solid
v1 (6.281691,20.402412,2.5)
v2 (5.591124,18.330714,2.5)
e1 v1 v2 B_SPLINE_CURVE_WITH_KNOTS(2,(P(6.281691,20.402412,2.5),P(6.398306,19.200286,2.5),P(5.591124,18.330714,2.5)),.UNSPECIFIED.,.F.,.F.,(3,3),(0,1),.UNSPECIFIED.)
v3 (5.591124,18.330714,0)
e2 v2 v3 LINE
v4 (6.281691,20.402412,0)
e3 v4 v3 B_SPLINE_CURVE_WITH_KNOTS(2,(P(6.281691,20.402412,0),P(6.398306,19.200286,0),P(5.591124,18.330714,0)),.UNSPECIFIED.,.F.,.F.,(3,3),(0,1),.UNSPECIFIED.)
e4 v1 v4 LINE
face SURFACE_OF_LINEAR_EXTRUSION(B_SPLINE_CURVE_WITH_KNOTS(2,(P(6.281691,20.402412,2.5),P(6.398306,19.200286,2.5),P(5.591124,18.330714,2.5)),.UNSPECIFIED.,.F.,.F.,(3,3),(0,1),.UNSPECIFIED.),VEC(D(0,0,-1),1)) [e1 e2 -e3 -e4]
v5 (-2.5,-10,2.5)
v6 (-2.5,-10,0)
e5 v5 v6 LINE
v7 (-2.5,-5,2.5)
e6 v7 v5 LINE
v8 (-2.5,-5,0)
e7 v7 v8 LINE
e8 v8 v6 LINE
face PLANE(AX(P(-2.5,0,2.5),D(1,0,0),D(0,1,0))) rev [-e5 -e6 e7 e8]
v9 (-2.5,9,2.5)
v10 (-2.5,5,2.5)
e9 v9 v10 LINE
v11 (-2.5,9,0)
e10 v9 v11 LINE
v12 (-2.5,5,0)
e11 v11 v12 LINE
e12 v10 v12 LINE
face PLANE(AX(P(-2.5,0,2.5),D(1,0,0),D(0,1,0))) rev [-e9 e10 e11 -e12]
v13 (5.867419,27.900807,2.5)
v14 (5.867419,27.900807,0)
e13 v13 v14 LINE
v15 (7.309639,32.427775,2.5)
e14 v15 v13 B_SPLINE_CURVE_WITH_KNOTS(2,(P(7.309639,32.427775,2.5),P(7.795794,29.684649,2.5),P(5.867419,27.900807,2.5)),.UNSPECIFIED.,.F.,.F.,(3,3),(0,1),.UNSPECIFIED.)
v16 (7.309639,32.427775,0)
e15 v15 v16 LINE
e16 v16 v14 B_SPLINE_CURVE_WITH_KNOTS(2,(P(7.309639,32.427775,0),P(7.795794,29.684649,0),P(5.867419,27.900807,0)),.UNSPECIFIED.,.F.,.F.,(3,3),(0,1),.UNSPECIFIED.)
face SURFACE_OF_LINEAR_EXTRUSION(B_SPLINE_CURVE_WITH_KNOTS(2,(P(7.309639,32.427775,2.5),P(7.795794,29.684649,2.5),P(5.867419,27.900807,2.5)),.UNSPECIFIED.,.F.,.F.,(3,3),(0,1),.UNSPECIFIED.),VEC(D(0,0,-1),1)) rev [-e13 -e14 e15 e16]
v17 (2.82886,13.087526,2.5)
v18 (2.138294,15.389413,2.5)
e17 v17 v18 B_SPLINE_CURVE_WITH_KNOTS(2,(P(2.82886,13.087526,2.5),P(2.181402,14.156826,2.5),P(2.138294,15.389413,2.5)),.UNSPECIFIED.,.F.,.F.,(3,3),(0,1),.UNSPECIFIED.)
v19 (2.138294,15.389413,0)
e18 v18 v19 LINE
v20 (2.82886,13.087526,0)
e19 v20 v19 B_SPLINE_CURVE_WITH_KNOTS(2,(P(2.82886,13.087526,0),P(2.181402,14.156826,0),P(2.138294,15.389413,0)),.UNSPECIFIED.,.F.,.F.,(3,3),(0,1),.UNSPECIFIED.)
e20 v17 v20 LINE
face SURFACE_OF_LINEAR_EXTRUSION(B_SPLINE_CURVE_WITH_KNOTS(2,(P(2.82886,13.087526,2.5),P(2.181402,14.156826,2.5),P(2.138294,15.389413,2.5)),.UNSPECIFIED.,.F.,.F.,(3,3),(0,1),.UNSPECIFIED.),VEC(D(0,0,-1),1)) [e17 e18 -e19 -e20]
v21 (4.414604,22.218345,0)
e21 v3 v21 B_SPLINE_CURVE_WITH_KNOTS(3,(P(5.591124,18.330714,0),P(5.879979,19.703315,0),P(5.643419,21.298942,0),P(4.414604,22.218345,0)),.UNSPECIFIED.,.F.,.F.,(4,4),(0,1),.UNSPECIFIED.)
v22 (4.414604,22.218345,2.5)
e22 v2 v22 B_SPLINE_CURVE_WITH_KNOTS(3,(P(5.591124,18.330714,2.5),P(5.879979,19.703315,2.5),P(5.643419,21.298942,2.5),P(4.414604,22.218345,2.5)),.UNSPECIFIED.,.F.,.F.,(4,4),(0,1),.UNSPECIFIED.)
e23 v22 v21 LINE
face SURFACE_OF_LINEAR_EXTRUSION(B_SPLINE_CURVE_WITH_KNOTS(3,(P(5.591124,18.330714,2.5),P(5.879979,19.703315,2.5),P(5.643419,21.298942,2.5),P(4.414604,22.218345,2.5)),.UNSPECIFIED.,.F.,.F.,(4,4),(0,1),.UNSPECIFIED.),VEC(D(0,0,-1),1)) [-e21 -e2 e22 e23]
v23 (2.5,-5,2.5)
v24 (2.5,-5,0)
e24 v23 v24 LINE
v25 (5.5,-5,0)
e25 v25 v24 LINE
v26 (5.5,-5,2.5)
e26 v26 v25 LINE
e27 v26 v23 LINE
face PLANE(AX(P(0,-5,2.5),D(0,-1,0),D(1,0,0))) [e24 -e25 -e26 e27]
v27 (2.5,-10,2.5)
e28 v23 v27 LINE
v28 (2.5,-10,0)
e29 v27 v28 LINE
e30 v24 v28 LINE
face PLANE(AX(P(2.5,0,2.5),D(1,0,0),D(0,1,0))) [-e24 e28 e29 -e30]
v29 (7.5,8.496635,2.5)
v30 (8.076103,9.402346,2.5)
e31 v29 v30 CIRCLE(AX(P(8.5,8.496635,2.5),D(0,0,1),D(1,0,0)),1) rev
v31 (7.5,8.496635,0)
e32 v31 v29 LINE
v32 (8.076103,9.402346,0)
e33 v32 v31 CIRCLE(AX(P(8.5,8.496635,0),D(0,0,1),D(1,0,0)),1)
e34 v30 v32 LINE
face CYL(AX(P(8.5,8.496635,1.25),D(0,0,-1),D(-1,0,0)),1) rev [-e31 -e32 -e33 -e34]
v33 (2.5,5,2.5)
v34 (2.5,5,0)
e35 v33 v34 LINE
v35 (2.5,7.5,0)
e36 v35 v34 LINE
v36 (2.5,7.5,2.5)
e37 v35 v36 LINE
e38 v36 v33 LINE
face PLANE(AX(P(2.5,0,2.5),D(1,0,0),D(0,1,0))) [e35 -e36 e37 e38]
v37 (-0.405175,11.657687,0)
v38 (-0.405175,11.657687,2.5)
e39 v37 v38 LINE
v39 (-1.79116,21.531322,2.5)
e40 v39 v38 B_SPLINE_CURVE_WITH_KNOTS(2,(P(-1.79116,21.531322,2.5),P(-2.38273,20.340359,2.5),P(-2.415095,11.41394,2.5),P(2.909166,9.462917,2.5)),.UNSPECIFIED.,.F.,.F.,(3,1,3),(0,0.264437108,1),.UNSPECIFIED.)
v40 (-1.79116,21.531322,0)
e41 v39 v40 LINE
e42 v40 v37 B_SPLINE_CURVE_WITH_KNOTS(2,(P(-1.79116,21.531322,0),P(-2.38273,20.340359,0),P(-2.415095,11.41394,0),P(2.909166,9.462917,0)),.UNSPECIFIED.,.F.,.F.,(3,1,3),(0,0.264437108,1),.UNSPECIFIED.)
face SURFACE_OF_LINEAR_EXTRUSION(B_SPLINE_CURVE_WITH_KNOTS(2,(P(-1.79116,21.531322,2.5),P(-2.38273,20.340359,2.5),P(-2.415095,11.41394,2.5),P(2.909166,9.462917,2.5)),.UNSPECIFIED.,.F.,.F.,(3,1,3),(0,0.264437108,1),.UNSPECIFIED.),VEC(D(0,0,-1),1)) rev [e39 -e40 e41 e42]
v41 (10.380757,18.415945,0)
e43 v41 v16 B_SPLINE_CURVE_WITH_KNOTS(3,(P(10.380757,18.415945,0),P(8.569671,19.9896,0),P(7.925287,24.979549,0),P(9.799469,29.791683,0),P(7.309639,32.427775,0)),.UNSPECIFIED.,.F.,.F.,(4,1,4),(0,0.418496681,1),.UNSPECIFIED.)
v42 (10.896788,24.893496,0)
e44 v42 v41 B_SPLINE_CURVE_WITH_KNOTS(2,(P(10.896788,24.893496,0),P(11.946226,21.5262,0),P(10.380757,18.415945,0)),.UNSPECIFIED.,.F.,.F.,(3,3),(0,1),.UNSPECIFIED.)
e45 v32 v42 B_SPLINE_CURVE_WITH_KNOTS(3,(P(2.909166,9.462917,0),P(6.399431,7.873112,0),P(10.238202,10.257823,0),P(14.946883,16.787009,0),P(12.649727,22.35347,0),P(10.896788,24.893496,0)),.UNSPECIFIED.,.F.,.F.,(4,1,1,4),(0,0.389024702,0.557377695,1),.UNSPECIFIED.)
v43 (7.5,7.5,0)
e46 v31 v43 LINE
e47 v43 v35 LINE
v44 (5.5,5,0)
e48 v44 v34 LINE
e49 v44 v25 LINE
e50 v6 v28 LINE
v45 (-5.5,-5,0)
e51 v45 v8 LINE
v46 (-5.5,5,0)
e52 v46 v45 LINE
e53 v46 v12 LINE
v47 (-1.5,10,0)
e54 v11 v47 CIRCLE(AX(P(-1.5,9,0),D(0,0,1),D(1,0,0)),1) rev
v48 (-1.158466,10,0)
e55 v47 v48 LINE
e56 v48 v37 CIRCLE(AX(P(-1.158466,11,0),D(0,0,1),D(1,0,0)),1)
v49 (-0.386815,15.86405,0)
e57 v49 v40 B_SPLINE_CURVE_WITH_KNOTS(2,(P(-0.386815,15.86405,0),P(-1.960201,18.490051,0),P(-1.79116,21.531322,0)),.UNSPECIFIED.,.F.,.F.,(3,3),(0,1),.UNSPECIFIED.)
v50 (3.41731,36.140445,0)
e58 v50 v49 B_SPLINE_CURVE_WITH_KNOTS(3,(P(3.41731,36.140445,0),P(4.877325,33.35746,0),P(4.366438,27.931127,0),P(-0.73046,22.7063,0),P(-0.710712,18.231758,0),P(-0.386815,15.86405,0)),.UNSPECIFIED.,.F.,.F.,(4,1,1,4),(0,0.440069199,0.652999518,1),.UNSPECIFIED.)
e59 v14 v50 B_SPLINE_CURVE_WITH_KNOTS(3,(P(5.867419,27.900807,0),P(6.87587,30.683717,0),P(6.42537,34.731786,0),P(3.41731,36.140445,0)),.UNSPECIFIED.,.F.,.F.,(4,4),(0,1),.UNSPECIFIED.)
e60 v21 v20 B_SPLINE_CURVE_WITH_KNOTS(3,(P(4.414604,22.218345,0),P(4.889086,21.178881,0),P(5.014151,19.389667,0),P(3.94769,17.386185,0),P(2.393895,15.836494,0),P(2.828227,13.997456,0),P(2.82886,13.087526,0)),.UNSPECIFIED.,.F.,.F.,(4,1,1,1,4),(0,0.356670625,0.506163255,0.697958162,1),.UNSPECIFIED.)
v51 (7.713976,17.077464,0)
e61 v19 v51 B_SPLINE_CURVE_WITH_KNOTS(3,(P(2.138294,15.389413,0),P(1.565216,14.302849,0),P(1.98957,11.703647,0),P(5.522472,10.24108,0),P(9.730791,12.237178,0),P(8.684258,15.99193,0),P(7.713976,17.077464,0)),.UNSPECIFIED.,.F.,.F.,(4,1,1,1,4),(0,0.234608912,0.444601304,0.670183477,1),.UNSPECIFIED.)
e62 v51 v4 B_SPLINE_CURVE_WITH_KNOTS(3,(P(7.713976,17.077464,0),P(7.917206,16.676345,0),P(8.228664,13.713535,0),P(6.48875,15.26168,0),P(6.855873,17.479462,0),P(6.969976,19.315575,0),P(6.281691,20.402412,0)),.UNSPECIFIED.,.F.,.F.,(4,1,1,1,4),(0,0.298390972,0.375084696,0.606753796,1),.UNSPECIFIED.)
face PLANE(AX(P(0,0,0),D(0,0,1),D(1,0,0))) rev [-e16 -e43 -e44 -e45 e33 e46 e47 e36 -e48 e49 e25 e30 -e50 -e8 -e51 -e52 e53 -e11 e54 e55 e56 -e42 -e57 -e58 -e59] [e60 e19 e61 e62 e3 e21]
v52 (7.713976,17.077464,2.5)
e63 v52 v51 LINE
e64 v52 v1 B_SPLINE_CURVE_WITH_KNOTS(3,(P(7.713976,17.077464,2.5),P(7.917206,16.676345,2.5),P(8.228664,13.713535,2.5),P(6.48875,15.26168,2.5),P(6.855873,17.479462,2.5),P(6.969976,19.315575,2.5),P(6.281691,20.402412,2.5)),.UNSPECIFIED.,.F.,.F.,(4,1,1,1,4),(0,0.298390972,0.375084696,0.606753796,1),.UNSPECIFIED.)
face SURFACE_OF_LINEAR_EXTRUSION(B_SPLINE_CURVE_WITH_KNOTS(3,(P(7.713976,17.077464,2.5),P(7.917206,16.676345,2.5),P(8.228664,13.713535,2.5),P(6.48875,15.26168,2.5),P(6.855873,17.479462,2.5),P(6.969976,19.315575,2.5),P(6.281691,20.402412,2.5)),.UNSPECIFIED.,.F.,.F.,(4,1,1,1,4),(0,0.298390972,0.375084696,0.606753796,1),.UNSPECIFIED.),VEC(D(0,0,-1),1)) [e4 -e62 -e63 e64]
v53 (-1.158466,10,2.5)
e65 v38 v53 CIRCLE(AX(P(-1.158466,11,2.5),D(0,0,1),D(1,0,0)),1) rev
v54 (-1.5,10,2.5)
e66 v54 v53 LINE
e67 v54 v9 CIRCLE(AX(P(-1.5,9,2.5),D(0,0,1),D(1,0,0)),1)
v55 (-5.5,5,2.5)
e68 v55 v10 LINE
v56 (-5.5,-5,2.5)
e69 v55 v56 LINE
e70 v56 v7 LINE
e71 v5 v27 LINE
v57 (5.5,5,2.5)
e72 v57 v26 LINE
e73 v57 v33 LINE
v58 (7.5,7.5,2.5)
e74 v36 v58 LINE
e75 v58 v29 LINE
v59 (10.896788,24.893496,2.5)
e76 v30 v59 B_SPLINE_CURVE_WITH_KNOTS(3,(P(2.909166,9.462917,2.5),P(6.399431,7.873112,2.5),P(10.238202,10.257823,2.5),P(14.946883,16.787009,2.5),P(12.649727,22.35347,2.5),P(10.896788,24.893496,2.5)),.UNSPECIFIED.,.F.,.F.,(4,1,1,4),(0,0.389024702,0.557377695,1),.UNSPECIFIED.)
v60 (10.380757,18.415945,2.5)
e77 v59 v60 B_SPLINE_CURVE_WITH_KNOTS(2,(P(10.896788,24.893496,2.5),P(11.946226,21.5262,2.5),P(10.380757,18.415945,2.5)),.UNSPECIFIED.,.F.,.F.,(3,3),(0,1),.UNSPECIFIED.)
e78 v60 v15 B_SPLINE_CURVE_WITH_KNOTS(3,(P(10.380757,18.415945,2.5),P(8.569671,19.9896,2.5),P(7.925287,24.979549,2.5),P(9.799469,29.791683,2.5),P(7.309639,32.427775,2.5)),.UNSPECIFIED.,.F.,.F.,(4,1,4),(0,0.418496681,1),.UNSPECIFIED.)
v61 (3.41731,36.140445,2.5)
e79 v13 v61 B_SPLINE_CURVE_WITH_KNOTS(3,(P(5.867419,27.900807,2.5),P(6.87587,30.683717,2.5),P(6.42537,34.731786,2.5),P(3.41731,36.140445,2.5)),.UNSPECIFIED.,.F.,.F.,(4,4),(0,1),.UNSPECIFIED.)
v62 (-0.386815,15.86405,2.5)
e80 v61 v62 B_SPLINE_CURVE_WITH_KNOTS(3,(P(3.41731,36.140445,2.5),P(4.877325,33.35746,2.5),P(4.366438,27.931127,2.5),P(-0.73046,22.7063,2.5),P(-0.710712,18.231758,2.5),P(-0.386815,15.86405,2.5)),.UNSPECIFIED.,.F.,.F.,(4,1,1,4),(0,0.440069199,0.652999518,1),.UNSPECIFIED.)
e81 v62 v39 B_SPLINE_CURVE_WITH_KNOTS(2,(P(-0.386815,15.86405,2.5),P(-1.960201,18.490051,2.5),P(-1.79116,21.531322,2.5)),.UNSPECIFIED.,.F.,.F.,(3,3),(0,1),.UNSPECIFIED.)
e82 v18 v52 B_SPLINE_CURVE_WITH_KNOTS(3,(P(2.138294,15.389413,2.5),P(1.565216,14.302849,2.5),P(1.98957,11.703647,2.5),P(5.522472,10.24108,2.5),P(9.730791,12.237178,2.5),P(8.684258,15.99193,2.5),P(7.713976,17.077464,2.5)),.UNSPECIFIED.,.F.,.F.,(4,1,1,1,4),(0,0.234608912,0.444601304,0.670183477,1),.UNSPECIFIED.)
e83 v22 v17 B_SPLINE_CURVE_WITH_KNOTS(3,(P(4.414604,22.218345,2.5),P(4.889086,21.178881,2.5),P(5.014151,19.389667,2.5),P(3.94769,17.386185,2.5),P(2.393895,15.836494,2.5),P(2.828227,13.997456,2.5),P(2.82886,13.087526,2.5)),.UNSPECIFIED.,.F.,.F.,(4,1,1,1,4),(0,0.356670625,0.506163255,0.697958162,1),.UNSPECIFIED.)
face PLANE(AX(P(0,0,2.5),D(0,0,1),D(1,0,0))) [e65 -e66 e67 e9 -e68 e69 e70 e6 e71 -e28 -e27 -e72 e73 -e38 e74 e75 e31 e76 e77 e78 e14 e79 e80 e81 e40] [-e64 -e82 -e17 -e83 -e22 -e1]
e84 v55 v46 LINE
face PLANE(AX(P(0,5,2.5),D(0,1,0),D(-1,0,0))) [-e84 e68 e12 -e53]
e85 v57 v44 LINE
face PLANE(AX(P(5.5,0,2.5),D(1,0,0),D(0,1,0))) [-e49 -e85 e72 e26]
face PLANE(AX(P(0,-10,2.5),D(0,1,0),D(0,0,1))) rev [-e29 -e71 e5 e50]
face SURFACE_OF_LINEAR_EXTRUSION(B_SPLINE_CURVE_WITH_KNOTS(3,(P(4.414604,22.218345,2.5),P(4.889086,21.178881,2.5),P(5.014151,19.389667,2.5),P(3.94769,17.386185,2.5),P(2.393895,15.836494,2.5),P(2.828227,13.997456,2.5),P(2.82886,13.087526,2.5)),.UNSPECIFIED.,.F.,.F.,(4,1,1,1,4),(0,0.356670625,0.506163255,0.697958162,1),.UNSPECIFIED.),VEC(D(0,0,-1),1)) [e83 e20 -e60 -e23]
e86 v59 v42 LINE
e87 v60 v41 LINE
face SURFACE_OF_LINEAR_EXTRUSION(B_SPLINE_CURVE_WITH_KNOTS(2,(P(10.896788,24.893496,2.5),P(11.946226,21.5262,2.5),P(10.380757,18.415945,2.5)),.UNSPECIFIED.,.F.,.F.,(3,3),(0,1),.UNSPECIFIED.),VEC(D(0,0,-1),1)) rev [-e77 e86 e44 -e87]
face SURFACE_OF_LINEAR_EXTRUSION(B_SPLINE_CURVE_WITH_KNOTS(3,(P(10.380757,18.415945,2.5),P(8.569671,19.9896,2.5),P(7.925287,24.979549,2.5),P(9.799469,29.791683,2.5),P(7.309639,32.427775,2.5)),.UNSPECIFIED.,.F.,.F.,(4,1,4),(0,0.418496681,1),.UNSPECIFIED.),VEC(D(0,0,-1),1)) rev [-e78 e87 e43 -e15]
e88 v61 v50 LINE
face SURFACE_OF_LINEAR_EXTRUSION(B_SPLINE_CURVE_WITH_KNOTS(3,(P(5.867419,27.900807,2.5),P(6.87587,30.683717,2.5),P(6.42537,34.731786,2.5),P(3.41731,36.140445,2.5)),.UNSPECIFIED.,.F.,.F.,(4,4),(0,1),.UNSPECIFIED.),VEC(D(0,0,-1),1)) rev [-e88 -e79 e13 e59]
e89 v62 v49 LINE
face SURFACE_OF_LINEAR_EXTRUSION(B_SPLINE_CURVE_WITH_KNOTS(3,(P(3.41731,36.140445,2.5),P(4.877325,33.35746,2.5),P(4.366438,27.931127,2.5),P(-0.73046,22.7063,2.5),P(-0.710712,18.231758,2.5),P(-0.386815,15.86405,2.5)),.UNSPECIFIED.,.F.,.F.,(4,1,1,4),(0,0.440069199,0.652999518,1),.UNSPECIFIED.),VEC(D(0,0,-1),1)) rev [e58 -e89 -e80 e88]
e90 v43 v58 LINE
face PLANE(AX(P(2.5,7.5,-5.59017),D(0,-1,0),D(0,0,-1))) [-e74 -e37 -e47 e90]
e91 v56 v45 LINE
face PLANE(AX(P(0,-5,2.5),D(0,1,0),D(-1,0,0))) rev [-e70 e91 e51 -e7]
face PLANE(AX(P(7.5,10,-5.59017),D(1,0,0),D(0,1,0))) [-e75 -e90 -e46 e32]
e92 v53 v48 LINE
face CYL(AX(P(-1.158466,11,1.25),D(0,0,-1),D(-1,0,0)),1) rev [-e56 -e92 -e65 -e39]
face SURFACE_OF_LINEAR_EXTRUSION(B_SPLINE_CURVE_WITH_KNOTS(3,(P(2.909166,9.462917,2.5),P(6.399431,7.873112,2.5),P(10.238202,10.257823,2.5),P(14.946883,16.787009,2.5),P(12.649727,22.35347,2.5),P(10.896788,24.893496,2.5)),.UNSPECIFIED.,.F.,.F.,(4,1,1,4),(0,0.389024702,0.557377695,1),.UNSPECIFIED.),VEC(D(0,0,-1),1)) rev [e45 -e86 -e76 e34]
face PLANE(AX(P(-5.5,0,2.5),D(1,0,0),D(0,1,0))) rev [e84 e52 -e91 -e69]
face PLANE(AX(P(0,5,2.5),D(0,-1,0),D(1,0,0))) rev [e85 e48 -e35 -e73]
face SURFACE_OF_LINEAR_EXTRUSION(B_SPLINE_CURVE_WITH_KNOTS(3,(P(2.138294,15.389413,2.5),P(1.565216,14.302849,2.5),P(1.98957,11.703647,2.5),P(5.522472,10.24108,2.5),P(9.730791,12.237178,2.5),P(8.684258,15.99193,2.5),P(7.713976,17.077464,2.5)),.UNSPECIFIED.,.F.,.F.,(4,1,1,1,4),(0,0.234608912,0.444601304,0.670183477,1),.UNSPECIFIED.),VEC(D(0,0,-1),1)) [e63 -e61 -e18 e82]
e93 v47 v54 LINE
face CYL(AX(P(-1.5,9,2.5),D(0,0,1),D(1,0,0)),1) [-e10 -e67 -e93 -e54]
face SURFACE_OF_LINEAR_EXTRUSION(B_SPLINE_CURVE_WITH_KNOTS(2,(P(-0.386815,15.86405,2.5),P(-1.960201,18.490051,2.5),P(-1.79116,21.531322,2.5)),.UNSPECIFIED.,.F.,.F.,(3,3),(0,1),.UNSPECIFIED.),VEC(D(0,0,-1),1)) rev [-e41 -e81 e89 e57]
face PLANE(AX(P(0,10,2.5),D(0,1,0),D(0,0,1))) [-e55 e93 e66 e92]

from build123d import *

# Parameters (mm, degrees)
SKETCH_1_W      = 3
SKETCH_1_H      = 10
SKETCH_1_W_2    = 5
SKETCH_1_H_2    = 20
EXTRUDE_1_DEPTH = 2.5
SKETCH_2_W      = 5
SKETCH_2_H      = 2.5
EXTRUDE_3_DEPTH = 2.5
EXTRUDE_4_DEPTH = 2.5
FILLET_1_R      = 1


with BuildPart() as part:
    # 草图1 → 凸台-拉伸1 (new body)
    with BuildSketch(Plane.XY):
        with Locations((-4, 0)):
            Rectangle(SKETCH_1_W, SKETCH_1_H)
        Rectangle(SKETCH_1_W_2, SKETCH_1_H_2)
        with Locations((4, 0)):
            Rectangle(SKETCH_1_W, SKETCH_1_H)
    extrude(amount=EXTRUDE_1_DEPTH)

    # 草图2 → 凸台-拉伸3 (add)
    with BuildSketch(Plane.XY.offset(2.5)):
        with Locations((5, 8.75)):
            Rectangle(SKETCH_2_W, SKETCH_2_H)
    extrude(amount=-EXTRUDE_3_DEPTH)

    # 草图3 → 凸台-拉伸4 (add)
    with BuildSketch(Plane.XY):
        with BuildLine():
            add(Edge.make_bspline(
                [(2.909166473, 9.462916852), (-2.415095275, 11.413939745), (-2.382729554, 20.340359213), (-1.791159912, 21.531322434)],
                knots=[0, 0, 0, 0.735562892, 1, 1, 1], degree=2))
            add(Edge.make_bspline(
                [(-1.791159912, 21.531322434), (-1.960201232, 18.490050647), (-0.386815041, 15.86404983)],
                knots=[0, 0, 0, 1, 1, 1], degree=2))
            add(Edge.make_bspline(
                [(-0.386815041, 15.86404983), (-0.710711682, 18.231758312), (-0.730459832, 22.706300044), (4.366438343, 27.931127178), (4.877324626, 33.357459928), (3.417309866, 36.140444981)],
                knots=[0, 0, 0, 0, 0.347000482, 0.559930801, 1, 1, 1, 1], degree=3))
            add(Edge.make_bspline(
                [(3.417309866, 36.140444981), (6.425369509, 34.731785706), (6.875869697, 30.683717346), (5.867418917, 27.90080749)],
                knots=[0, 0, 0, 0, 1, 1, 1, 1], degree=3))
            add(Edge.make_bspline(
                [(5.867418917, 27.90080749), (7.795793944, 29.684649261), (7.309638514, 32.427774559)],
                knots=[0, 0, 0, 1, 1, 1], degree=2))
            add(Edge.make_bspline(
                [(7.309638514, 32.427774559), (9.799469138, 29.791682599), (7.925287293, 24.979549302), (8.569671496, 19.9896001), (10.380756945, 18.41594542)],
                knots=[0, 0, 0, 0, 0.581503319, 1, 1, 1, 1], degree=3))
            add(Edge.make_bspline(
                [(10.380756945, 18.41594542), (11.946226348, 21.526199715), (10.896788229, 24.893496012)],
                knots=[0, 0, 0, 1, 1, 1], degree=2))
            add(Edge.make_bspline(
                [(10.896788229, 24.893496012), (12.64972713, 22.353469832), (14.94688254, 16.787009136), (10.238202027, 10.257823069), (6.399430517, 7.87311155), (2.909166473, 9.462916852)],
                knots=[0, 0, 0, 0, 0.442622305, 0.610975298, 1, 1, 1, 1], degree=3))
        make_face()
        with BuildLine():
            add(Edge.make_bspline(
                [(2.138293561, 15.389413184), (1.565216395, 14.302849067), (1.989570498, 11.703647244), (5.522471535, 10.241080078), (9.730791334, 12.237177784), (8.68425822, 15.991930054), (7.71397605, 17.077463845)],
                knots=[0, 0, 0, 0, 0.234608912, 0.444601304, 0.670183477, 1, 1, 1, 1], degree=3))
            add(Edge.make_bspline(
                [(7.71397605, 17.077463845), (7.917206002, 16.676345138), (8.228664484, 13.713534992), (6.488750006, 15.261680135), (6.855872826, 17.479461539), (6.969976099, 19.315575439), (6.28169064, 20.402412119)],
                knots=[0, 0, 0, 0, 0.298390972, 0.375084696, 0.606753796, 1, 1, 1, 1], degree=3))
            add(Edge.make_bspline(
                [(5.59112446, 18.330713579), (6.398305864, 19.200286486), (6.28169064, 20.402412119)],
                knots=[0, 0, 0, 1, 1, 1], degree=2))
            add(Edge.make_bspline(
                [(4.414604302, 22.218345406), (5.643418978, 21.298941546), (5.879978633, 19.703315032), (5.59112446, 18.330713579)],
                knots=[0, 0, 0, 0, 1, 1, 1, 1], degree=3))
            add(Edge.make_bspline(
                [(2.828859741, 13.087525918), (2.828226763, 13.997455917), (2.393895179, 15.836493753), (3.947689734, 17.386184776), (5.014150899, 19.389667091), (4.889086339, 21.178881355), (4.414604302, 22.218345406)],
                knots=[0, 0, 0, 0, 0.302041838, 0.493836745, 0.643329375, 1, 1, 1, 1], degree=3))
            add(Edge.make_bspline(
                [(2.138293561, 15.389413184), (2.181401854, 14.156825875), (2.828859741, 13.087525918)],
                knots=[0, 0, 0, 1, 1, 1], degree=2))
        make_face(mode=Mode.SUBTRACT)
    extrude(amount=EXTRUDE_4_DEPTH)

    # 圆角1
    fillet_1_edges = [part.edges().sort_by_distance(p)[0] for p in [
        (-2.5, 10, 1.25),
        (1.70390459, 10, 1.25),
        (7.5, 9.165481652, 1.25),
    ]]
    fillet(fillet_1_edges, radius=FILLET_1_R)


solid = part.part
